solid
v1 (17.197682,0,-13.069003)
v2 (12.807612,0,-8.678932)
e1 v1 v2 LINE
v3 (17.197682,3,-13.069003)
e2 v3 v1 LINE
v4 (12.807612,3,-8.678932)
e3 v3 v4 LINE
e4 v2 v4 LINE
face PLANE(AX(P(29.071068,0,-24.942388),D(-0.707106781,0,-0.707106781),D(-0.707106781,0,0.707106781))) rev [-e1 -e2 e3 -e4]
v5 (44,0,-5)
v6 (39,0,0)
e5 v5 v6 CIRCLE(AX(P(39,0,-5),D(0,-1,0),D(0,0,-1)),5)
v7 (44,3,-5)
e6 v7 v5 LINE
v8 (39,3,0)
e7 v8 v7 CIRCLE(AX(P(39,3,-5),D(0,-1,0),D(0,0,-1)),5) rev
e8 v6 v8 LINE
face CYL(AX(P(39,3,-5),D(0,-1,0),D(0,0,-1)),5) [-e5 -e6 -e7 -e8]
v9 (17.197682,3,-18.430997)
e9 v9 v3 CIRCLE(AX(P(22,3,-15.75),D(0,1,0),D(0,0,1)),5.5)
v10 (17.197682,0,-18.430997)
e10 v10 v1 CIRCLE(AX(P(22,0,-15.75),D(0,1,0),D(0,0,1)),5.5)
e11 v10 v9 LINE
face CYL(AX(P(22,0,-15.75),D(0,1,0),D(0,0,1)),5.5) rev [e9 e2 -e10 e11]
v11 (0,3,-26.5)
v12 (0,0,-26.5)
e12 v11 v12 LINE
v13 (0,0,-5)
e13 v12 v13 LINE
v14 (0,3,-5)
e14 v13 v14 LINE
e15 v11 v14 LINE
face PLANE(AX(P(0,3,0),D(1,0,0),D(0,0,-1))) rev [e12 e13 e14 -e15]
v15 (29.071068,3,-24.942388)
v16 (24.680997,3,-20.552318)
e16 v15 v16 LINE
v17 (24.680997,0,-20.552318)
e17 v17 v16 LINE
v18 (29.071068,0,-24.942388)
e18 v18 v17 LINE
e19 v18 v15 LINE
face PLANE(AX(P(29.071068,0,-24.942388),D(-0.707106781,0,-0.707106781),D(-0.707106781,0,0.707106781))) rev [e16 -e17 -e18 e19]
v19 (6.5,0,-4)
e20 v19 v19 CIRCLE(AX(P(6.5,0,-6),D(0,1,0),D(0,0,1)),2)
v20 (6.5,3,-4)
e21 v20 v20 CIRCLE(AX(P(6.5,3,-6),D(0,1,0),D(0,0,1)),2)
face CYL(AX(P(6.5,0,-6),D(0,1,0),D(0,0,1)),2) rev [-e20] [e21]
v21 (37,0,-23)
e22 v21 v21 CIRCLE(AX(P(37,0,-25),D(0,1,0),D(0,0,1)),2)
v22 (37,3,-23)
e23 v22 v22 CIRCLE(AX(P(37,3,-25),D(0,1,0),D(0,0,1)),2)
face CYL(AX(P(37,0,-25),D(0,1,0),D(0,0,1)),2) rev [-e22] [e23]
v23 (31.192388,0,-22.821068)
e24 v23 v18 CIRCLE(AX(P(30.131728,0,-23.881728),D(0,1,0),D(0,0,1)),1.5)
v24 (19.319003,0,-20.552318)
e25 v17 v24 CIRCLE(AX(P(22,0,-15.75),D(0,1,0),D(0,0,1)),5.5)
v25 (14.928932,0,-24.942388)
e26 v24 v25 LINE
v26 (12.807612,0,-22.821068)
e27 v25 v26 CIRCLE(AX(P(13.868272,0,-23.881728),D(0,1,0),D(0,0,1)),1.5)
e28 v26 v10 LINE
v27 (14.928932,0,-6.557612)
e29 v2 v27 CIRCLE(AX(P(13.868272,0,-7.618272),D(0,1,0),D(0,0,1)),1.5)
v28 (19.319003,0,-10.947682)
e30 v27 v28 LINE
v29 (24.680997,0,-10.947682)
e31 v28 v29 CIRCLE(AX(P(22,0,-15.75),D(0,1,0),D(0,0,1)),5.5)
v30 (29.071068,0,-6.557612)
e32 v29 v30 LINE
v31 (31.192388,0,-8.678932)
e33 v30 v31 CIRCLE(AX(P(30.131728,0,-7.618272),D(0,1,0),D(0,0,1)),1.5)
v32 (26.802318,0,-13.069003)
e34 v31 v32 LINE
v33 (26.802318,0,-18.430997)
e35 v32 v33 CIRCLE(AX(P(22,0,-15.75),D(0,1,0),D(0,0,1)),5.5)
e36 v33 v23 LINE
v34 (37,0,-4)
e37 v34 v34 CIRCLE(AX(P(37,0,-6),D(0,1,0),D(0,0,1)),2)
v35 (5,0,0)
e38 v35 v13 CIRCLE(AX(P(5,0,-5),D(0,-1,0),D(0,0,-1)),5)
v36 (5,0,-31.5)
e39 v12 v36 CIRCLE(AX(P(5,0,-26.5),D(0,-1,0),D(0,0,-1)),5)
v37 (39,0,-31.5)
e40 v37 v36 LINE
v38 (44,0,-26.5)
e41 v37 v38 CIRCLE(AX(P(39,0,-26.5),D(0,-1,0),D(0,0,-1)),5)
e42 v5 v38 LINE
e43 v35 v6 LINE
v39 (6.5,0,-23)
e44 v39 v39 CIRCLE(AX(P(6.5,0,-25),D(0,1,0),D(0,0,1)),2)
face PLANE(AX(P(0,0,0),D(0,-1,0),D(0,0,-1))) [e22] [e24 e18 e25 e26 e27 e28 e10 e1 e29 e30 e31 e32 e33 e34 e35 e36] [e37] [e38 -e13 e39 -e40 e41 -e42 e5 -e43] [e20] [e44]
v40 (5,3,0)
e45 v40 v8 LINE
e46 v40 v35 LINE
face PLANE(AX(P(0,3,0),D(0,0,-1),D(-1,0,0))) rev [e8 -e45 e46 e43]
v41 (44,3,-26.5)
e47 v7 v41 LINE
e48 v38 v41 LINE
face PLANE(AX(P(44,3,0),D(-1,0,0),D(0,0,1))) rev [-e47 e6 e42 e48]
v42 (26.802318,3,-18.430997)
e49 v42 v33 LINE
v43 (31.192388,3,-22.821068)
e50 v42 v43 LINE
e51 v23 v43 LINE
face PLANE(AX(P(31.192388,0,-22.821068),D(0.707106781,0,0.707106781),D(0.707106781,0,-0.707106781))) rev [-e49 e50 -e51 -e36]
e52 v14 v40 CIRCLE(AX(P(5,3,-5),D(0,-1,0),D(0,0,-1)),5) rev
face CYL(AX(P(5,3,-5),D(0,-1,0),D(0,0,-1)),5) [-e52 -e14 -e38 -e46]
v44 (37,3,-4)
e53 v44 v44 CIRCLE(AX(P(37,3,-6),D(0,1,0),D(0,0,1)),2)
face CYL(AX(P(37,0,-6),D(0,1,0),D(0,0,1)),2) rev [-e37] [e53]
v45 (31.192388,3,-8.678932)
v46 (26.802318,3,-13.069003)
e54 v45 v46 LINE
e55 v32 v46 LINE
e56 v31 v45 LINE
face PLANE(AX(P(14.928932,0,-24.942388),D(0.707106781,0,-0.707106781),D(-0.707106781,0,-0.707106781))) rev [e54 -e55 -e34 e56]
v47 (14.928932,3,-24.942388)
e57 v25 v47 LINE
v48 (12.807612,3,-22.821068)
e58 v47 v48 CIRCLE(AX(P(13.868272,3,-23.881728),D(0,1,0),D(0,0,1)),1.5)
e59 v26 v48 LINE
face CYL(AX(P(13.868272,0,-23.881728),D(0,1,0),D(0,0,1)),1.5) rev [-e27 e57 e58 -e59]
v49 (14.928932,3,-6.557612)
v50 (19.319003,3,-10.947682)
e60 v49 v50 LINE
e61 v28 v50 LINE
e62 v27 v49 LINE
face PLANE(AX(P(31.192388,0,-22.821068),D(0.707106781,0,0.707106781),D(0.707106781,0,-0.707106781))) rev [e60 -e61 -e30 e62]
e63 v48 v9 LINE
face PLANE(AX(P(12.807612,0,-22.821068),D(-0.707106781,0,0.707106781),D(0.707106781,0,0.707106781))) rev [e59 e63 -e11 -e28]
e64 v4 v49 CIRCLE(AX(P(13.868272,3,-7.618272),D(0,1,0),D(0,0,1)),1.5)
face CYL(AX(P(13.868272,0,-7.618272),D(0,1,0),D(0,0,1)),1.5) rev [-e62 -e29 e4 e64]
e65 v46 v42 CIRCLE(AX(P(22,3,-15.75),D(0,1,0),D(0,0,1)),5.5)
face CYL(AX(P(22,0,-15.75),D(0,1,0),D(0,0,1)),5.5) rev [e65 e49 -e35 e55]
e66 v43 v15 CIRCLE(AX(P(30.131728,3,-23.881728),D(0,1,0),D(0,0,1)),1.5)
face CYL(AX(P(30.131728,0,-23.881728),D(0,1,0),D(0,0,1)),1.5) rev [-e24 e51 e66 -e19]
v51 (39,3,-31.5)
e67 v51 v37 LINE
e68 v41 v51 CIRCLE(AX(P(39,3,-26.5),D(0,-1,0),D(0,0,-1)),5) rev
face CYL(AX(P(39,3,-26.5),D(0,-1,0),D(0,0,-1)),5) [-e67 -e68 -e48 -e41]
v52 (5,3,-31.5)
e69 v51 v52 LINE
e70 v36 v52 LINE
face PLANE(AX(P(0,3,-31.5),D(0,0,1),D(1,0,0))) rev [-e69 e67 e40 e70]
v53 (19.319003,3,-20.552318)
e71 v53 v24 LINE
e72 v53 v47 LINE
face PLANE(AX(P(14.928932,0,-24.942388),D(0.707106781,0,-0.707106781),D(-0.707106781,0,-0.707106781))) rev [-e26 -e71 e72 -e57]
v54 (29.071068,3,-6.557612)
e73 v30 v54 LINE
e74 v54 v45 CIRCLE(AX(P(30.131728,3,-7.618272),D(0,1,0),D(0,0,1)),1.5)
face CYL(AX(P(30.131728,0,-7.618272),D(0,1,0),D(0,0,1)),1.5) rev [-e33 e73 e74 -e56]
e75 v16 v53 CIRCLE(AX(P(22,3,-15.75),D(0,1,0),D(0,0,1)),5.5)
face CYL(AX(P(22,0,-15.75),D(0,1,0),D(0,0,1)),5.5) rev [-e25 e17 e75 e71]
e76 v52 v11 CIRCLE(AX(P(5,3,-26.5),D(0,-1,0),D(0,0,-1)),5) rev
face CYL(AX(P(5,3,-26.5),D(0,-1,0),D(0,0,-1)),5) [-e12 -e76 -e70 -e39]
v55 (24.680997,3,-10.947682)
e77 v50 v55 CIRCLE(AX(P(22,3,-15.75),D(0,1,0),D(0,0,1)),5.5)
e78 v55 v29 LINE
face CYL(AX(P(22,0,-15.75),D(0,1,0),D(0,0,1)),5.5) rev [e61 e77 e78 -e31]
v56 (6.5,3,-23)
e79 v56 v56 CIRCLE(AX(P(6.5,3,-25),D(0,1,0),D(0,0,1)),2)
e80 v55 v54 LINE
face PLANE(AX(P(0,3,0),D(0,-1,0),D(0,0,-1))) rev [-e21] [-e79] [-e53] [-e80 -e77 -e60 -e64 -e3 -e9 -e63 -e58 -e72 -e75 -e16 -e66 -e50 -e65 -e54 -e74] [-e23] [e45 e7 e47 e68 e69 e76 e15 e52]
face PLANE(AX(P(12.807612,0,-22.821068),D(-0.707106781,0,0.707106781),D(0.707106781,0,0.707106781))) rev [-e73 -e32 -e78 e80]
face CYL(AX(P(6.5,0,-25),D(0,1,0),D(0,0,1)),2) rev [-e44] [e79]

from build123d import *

# Parameters (mm, degrees)
SKETCH1_W            = 44
SKETCH1_H            = 31.5
BOSS_EXTRUDE1_DEPTH  = 3
SKETCH2_R            = 5.5
CUT_EXTRUDE1_DEPTH   = 3
CUT_EXTRUDE2_DEPTH   = 3
CUT_EXTRUDE3_DEPTH   = 3
SKETCH5_R            = 2
CUT_EXTRUDE4_DEPTH   = 3
LPATTERN1_COUNT      = 2
LPATTERN1_PITCH      = 30.5
LPATTERN1_COUNT_DIR2 = 2
LPATTERN1_PITCH_DIR2 = 19
FILLET1_R            = 5


with BuildPart() as part:
    # Sketch1 → Boss-Extrude1 (new body)
    with BuildSketch(Plane(origin=(0, 0, 0), x_dir=(1, 0, 0), z_dir=(0, 1, 0))):
        with Locations((22, 15.75)):
            Rectangle(SKETCH1_W, SKETCH1_H)
    extrude(amount=BOSS_EXTRUDE1_DEPTH)

    # Sketch2 → Cut-Extrude1 (cut)
    with BuildSketch(Plane(origin=(0, 3, 0), x_dir=(1, 0, 0), z_dir=(0, 1, 0))):
        with Locations(Location((22, 15.75, 0), (0, 0, 270))):
            Circle(SKETCH2_R)
    extrude(amount=-CUT_EXTRUDE1_DEPTH, mode=Mode.SUBTRACT)

    # Sketch3 → Cut-Extrude2 (cut)
    with BuildSketch(Plane(origin=(0, 3, 0), x_dir=(1, 0, 0), z_dir=(0, 1, 0))):
        with BuildLine():
            Line((14.928932188, 24.942388155), (31.192388155, 8.678932188))
            ThreePointArc((31.192388155, 8.678932188), (31.192388155, 6.557611845), (29.071067812, 6.557611845))
            Line((29.071067812, 6.557611845), (12.807611845, 22.821067812))
            ThreePointArc((12.807611845, 22.821067812), (12.807611845, 24.942388155), (14.928932188, 24.942388155))
        make_face()
    extrude(amount=-CUT_EXTRUDE2_DEPTH, mode=Mode.SUBTRACT)

    # Sketch4 → Cut-Extrude3 (cut)
    with BuildSketch(Plane(origin=(0, 3, 0), x_dir=(1, 0, 0), z_dir=(0, 1, 0))):
        with BuildLine():
            Line((31.192388155, 22.821067812), (14.928932188, 6.557611845))
            ThreePointArc((14.928932188, 6.557611845), (12.807611845, 6.557611845), (12.807611845, 8.678932188))
            Line((12.807611845, 8.678932188), (29.071067812, 24.942388155))
            ThreePointArc((29.071067812, 24.942388155), (31.192388155, 24.942388155), (31.192388155, 22.821067812))
        make_face()
    extrude(amount=-CUT_EXTRUDE3_DEPTH, mode=Mode.SUBTRACT)

    # Sketch5 → Cut-Extrude4 (cut)
    with BuildSketch(Plane(origin=(0, 3, 0), x_dir=(1, 0, 0), z_dir=(0, 1, 0))):
        with Locations(Location((6.5, 25, 0), (0, 0, 270))):
            Circle(SKETCH5_R)
    cut_extrude4 = extrude(amount=-CUT_EXTRUDE4_DEPTH, mode=Mode.SUBTRACT)

    # LPattern1: Cut-Extrude4 2 × 2
    with Locations(*[(i * LPATTERN1_PITCH, 0, j * LPATTERN1_PITCH_DIR2) for i in range(LPATTERN1_COUNT) for j in range(LPATTERN1_COUNT_DIR2) if (i, j) != (0, 0)]):
        add(cut_extrude4, mode=Mode.SUBTRACT)

    # Fillet1
    fillet1_edges = [part.edges().sort_by_distance(p)[0] for p in [
        (0, 1.5, -31.5),
        (44, 1.5, -31.5),
        (44, 1.5, 0),
        (0, 1.5, 0),
    ]]
    fillet(fillet1_edges, radius=FILLET1_R)


solid = part.part
